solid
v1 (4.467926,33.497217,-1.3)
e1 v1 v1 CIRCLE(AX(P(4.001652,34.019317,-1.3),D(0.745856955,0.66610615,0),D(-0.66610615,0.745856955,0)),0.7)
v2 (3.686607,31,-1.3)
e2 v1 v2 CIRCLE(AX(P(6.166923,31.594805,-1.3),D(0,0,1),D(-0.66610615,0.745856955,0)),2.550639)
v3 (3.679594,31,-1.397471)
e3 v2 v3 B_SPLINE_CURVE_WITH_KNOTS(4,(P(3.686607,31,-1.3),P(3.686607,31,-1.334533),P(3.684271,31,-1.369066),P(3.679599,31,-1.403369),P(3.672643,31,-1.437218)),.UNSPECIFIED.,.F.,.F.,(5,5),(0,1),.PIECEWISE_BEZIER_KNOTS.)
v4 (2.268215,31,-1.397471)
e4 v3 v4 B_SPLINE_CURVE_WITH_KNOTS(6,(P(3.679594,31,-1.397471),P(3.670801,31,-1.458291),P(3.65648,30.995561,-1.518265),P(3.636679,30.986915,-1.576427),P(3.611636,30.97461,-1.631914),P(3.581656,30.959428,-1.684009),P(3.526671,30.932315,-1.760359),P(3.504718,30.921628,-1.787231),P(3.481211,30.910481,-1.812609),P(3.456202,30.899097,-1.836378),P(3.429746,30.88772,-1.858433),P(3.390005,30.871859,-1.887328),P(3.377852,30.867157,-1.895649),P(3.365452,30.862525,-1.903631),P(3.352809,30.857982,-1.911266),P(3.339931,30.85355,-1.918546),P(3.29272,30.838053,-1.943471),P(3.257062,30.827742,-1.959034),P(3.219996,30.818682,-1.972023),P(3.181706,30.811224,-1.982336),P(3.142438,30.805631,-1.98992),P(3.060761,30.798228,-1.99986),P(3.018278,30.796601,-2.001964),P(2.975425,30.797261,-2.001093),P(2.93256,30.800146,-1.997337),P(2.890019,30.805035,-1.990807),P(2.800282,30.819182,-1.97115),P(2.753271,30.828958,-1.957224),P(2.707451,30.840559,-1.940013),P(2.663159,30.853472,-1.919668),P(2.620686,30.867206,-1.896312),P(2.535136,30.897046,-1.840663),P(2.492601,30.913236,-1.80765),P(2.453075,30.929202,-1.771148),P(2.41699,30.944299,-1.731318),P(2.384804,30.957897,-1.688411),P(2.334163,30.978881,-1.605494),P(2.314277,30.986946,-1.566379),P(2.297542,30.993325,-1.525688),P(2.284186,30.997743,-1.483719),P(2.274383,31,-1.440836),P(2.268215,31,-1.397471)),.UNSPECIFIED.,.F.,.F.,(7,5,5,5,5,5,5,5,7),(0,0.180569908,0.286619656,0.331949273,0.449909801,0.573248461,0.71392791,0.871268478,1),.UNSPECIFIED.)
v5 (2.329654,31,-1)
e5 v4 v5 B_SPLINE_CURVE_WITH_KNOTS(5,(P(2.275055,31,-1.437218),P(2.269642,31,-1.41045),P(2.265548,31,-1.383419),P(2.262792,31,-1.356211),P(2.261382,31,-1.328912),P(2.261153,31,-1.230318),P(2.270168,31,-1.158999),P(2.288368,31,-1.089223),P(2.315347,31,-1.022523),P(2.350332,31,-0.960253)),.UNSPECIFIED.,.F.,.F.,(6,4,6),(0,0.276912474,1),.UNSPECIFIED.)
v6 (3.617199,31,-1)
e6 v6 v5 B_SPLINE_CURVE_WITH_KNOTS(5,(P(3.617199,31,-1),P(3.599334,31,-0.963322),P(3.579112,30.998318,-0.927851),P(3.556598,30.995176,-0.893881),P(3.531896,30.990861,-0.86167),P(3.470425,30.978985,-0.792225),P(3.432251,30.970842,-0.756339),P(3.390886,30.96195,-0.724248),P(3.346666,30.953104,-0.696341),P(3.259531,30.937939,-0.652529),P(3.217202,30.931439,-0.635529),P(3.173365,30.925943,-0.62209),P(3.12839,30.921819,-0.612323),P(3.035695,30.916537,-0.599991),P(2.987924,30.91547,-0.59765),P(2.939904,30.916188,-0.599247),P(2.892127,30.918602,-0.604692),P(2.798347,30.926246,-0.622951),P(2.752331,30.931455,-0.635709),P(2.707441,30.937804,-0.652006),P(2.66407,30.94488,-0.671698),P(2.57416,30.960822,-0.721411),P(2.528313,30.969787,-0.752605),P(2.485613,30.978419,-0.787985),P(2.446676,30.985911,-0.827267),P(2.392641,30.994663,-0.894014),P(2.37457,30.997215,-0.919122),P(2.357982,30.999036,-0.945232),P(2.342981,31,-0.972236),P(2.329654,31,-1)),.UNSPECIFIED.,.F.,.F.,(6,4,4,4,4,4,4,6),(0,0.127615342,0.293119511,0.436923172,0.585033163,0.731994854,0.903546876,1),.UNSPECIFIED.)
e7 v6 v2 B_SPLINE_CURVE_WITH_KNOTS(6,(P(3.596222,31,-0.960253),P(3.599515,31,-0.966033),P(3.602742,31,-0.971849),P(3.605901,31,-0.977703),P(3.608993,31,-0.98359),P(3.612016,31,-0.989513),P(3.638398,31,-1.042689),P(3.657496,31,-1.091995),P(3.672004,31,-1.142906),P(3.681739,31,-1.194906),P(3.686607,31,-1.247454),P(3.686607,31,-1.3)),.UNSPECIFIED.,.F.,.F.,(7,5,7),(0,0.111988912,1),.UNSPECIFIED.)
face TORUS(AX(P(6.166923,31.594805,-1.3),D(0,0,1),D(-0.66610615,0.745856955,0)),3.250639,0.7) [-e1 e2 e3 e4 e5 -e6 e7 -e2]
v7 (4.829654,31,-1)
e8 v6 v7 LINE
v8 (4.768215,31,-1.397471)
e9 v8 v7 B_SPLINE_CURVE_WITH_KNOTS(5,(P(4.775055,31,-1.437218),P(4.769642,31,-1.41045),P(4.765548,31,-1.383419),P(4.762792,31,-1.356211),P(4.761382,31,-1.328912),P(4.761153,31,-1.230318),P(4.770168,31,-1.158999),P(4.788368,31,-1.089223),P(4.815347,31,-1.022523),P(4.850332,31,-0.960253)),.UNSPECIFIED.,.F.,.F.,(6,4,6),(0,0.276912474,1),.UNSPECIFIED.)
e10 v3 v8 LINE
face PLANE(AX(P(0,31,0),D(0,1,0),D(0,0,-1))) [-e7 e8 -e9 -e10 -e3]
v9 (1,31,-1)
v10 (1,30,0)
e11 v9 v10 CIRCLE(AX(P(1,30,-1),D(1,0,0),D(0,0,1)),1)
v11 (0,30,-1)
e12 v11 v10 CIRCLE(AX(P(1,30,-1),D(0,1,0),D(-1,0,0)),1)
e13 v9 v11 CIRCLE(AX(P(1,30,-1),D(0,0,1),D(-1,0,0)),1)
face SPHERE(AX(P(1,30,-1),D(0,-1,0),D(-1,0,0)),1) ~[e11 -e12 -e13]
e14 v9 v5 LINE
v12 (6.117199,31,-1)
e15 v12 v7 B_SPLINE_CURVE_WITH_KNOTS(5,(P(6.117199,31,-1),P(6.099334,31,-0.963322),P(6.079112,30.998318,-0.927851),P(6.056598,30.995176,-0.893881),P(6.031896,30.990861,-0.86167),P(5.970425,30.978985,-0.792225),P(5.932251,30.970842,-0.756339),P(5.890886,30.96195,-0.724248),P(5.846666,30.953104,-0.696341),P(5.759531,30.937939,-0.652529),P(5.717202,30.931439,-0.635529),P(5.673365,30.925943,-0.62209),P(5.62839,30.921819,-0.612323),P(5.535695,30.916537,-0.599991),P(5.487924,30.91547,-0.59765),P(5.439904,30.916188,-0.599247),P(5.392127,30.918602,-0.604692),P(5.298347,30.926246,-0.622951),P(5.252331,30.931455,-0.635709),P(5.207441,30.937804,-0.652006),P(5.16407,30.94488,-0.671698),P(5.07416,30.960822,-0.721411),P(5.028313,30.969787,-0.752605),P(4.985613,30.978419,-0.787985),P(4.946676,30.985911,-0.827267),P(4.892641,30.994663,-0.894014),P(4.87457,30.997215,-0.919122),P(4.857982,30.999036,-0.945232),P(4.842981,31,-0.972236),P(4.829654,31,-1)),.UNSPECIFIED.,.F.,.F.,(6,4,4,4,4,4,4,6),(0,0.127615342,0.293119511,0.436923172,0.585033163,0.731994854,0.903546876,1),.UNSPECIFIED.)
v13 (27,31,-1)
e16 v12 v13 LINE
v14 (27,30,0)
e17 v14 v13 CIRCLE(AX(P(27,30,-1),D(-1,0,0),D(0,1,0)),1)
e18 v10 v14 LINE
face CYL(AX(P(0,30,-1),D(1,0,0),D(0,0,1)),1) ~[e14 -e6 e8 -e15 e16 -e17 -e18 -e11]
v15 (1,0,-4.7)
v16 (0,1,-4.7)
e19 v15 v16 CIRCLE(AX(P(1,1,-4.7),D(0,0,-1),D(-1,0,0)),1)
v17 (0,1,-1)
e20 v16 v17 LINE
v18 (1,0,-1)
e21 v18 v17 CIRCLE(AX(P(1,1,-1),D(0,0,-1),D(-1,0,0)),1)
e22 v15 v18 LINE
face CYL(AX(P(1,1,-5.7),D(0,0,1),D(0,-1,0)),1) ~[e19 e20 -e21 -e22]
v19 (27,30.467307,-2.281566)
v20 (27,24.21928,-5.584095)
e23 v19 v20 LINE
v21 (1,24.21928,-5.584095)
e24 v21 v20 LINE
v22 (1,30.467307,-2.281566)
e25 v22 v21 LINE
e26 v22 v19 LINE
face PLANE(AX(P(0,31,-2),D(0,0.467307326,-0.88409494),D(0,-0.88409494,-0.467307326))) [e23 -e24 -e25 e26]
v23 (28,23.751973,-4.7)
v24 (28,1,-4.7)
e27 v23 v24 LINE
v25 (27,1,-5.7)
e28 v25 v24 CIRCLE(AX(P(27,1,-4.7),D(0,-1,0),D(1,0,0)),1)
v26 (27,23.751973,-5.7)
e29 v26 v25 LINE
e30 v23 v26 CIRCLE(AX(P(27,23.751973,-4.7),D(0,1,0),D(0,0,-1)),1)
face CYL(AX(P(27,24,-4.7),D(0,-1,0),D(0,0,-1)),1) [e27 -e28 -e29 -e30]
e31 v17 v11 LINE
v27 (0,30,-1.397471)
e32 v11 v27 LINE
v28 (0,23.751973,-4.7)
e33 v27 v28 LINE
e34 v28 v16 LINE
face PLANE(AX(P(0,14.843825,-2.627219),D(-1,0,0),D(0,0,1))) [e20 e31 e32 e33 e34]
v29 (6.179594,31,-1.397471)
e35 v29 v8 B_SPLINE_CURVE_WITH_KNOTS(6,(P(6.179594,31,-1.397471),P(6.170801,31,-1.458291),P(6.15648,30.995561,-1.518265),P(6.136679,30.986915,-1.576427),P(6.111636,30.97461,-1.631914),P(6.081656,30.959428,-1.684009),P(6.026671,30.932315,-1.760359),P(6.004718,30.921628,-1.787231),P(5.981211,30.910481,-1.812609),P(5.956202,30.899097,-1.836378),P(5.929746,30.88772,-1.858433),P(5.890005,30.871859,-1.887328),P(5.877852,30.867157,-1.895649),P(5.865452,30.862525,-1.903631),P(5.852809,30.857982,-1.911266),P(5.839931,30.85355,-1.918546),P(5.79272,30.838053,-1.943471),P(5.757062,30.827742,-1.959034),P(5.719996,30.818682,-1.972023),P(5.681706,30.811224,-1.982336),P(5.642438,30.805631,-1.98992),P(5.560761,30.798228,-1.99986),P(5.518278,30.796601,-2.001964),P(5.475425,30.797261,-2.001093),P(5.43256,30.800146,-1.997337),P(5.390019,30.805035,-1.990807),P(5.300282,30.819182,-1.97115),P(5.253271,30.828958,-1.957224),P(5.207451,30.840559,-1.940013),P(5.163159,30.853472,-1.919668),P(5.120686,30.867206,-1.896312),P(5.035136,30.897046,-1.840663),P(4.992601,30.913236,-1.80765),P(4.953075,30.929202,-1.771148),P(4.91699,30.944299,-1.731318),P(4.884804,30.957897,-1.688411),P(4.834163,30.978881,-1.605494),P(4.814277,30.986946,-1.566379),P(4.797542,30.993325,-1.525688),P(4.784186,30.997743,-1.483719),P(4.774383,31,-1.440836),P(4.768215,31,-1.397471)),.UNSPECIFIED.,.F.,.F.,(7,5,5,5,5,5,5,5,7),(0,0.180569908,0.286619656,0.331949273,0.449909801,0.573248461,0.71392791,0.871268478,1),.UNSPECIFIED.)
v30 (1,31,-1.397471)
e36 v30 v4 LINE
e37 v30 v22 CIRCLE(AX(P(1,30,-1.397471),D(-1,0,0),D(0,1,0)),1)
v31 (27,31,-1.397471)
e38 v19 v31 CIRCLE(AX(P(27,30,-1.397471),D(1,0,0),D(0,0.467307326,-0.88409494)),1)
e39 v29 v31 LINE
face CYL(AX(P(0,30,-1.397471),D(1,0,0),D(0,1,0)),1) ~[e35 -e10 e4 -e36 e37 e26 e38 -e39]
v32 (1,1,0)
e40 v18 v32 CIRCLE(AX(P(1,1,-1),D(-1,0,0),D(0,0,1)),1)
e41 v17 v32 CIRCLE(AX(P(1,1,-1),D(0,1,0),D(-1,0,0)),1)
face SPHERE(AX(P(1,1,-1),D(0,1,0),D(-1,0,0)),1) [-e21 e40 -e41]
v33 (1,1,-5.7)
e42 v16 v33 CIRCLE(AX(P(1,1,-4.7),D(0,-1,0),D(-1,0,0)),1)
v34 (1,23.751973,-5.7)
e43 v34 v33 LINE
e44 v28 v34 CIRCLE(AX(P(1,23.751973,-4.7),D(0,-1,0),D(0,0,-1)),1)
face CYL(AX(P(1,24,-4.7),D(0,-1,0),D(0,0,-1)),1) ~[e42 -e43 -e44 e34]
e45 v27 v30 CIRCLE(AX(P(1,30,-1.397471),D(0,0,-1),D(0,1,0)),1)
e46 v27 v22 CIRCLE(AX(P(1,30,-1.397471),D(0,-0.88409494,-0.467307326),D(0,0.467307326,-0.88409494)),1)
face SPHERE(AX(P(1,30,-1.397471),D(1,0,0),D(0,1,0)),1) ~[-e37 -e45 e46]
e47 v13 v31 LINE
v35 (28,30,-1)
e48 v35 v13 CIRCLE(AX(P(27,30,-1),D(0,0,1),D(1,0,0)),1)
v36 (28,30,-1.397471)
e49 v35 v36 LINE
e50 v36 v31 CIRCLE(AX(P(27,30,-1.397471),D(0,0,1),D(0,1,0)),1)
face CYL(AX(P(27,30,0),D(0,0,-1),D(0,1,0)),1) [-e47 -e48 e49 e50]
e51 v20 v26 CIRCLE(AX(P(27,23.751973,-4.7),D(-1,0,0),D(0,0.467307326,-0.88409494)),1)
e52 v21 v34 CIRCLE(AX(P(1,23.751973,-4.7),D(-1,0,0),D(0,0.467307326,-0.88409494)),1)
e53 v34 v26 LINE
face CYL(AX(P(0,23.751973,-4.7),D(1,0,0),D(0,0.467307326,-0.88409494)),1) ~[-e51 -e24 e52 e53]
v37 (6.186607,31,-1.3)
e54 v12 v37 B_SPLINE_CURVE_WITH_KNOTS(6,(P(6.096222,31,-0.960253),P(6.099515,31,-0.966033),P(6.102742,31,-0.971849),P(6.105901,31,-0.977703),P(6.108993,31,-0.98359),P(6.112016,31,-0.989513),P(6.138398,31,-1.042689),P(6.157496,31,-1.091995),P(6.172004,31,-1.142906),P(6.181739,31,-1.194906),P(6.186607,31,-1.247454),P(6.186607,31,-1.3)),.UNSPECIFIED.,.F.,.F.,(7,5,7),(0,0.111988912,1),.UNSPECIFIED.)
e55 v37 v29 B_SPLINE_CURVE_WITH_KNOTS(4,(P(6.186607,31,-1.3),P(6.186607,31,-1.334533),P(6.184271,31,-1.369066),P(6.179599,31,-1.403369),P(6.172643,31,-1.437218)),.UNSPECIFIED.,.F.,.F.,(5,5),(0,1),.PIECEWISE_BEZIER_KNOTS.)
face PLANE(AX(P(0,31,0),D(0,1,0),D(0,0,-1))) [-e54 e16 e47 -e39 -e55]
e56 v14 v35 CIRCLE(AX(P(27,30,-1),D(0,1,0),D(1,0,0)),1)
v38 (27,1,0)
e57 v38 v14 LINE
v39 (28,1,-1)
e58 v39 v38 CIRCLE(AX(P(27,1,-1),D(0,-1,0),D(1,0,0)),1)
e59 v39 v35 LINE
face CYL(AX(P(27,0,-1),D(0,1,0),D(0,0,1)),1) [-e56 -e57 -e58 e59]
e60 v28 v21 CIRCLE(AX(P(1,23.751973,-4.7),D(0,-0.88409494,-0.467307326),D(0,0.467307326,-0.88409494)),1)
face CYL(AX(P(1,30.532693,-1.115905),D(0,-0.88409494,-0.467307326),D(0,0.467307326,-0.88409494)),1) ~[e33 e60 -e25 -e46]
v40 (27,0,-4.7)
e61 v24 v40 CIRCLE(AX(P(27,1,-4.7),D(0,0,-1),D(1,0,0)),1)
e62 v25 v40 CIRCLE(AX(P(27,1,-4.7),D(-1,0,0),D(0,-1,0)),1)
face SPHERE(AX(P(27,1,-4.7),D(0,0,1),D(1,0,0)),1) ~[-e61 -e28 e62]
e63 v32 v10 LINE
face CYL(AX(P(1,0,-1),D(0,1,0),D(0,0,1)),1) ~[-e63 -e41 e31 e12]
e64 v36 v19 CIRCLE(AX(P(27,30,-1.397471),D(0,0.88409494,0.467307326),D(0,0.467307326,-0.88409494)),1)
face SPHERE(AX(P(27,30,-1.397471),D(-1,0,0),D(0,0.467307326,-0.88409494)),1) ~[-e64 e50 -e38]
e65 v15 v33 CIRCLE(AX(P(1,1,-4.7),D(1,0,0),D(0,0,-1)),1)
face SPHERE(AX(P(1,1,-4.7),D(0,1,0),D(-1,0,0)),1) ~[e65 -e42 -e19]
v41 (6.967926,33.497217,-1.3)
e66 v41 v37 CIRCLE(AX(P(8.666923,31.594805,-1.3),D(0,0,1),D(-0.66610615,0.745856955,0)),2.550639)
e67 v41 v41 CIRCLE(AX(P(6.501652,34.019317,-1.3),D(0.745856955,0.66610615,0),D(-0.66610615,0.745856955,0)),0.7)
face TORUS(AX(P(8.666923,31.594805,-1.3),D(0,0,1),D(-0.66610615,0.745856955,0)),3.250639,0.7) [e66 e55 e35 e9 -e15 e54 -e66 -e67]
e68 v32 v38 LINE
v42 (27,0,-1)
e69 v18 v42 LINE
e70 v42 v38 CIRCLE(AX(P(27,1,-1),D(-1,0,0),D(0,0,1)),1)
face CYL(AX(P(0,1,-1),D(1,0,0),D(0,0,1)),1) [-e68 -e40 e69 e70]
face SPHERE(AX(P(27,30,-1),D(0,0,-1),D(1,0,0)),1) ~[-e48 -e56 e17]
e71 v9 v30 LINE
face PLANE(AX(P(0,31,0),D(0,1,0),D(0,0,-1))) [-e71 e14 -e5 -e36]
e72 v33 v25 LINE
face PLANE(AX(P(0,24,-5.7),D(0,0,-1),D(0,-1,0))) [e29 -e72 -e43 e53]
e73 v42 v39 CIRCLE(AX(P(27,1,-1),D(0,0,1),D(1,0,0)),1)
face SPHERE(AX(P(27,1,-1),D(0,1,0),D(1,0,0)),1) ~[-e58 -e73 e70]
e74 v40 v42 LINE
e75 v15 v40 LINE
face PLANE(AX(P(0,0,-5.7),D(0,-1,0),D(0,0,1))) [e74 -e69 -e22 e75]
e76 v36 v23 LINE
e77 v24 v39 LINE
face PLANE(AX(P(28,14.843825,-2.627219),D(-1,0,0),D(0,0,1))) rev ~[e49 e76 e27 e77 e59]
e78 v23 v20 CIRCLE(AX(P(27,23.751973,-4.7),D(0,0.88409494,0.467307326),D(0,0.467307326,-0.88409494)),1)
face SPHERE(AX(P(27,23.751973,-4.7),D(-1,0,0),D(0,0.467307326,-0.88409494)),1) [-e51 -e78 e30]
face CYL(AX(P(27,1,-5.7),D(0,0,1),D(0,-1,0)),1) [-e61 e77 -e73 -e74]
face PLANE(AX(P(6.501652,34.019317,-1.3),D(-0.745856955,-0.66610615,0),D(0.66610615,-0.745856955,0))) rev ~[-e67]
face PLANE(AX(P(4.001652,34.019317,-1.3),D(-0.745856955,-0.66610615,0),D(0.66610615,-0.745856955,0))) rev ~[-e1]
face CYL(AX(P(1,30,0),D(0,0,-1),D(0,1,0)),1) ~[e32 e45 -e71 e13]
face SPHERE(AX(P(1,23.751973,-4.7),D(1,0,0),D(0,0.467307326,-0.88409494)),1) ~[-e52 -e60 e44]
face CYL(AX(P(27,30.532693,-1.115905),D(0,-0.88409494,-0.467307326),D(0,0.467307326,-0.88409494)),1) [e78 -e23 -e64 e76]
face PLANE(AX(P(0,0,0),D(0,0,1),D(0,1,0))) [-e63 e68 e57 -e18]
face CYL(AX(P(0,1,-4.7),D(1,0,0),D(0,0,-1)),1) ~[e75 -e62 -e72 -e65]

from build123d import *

# Parameters (mm, degrees)
EXTRUDE_1_DEPTH        = 28
FILLET_1_R             = 1
SWEEP_1_PROFILE_R      = 0.7
PATTERN_LINEAR_1_COUNT = 2
PATTERN_LINEAR_1_PITCH = 2.5


with BuildPart() as part:
    # 草图1 → 凸台-拉伸1 (new body)
    with BuildSketch(Plane(origin=(0, 0, 0), x_dir=(0, 0, -1), z_dir=(1, 0, 0))):
        Polygon((0, 0), (0, 31), (2, 31), (5.7, 24), (5.7, 0), align=None)
    extrude(amount=EXTRUDE_1_DEPTH)

    # 圆角1
    fillet_1_edges = [part.edges().sort_by_distance(p)[0] for p in [
        (28, 27.5, -3.85),
        (28, 31, -1),
        (28, 15.5, 0),
        (28, 0, -2.85),
        (0, 15.5, 0),
        (0, 31, -1),
        (0, 27.5, -3.85),
        (0, 12, -5.7),
        (0, 0, -2.85),
        (28, 12, -5.7),
        (14, 0, 0),
        (14, 31, 0),
        (14, 31, -2),
        (14, 24, -5.7),
        (14, 0, -5.7),
    ]]
    fillet(fillet_1_edges, radius=FILLET_1_R)

    # 扫描1: sweep along a path in 草图2
    with BuildLine(Plane.XY.offset(-1.3)) as sweep_1_path:
        ThreePointArc((4.001651966, 34.019317003), (2.935743371, 31.239649146), (4.579965561, 28.757865933))
    # 扫描1 profile (on start of the path) → 扫描1 (sweep)
    with BuildSketch(Plane(origin=(4.001651966, 34.019317003, -1.3), x_dir=(0.6661061501000685, -0.745856954649392, 0), z_dir=(-0.745856954649392, -0.6661061501000685, 0))):
        Circle(SWEEP_1_PROFILE_R)
    sweep_1 = sweep(path=sweep_1_path.line)

    # 阵列(线性)1: 扫描1 ×2
    with Locations(*[(i * PATTERN_LINEAR_1_PITCH, 0, 0) for i in range(1, PATTERN_LINEAR_1_COUNT)]):
        add(sweep_1)


solid = part.part
